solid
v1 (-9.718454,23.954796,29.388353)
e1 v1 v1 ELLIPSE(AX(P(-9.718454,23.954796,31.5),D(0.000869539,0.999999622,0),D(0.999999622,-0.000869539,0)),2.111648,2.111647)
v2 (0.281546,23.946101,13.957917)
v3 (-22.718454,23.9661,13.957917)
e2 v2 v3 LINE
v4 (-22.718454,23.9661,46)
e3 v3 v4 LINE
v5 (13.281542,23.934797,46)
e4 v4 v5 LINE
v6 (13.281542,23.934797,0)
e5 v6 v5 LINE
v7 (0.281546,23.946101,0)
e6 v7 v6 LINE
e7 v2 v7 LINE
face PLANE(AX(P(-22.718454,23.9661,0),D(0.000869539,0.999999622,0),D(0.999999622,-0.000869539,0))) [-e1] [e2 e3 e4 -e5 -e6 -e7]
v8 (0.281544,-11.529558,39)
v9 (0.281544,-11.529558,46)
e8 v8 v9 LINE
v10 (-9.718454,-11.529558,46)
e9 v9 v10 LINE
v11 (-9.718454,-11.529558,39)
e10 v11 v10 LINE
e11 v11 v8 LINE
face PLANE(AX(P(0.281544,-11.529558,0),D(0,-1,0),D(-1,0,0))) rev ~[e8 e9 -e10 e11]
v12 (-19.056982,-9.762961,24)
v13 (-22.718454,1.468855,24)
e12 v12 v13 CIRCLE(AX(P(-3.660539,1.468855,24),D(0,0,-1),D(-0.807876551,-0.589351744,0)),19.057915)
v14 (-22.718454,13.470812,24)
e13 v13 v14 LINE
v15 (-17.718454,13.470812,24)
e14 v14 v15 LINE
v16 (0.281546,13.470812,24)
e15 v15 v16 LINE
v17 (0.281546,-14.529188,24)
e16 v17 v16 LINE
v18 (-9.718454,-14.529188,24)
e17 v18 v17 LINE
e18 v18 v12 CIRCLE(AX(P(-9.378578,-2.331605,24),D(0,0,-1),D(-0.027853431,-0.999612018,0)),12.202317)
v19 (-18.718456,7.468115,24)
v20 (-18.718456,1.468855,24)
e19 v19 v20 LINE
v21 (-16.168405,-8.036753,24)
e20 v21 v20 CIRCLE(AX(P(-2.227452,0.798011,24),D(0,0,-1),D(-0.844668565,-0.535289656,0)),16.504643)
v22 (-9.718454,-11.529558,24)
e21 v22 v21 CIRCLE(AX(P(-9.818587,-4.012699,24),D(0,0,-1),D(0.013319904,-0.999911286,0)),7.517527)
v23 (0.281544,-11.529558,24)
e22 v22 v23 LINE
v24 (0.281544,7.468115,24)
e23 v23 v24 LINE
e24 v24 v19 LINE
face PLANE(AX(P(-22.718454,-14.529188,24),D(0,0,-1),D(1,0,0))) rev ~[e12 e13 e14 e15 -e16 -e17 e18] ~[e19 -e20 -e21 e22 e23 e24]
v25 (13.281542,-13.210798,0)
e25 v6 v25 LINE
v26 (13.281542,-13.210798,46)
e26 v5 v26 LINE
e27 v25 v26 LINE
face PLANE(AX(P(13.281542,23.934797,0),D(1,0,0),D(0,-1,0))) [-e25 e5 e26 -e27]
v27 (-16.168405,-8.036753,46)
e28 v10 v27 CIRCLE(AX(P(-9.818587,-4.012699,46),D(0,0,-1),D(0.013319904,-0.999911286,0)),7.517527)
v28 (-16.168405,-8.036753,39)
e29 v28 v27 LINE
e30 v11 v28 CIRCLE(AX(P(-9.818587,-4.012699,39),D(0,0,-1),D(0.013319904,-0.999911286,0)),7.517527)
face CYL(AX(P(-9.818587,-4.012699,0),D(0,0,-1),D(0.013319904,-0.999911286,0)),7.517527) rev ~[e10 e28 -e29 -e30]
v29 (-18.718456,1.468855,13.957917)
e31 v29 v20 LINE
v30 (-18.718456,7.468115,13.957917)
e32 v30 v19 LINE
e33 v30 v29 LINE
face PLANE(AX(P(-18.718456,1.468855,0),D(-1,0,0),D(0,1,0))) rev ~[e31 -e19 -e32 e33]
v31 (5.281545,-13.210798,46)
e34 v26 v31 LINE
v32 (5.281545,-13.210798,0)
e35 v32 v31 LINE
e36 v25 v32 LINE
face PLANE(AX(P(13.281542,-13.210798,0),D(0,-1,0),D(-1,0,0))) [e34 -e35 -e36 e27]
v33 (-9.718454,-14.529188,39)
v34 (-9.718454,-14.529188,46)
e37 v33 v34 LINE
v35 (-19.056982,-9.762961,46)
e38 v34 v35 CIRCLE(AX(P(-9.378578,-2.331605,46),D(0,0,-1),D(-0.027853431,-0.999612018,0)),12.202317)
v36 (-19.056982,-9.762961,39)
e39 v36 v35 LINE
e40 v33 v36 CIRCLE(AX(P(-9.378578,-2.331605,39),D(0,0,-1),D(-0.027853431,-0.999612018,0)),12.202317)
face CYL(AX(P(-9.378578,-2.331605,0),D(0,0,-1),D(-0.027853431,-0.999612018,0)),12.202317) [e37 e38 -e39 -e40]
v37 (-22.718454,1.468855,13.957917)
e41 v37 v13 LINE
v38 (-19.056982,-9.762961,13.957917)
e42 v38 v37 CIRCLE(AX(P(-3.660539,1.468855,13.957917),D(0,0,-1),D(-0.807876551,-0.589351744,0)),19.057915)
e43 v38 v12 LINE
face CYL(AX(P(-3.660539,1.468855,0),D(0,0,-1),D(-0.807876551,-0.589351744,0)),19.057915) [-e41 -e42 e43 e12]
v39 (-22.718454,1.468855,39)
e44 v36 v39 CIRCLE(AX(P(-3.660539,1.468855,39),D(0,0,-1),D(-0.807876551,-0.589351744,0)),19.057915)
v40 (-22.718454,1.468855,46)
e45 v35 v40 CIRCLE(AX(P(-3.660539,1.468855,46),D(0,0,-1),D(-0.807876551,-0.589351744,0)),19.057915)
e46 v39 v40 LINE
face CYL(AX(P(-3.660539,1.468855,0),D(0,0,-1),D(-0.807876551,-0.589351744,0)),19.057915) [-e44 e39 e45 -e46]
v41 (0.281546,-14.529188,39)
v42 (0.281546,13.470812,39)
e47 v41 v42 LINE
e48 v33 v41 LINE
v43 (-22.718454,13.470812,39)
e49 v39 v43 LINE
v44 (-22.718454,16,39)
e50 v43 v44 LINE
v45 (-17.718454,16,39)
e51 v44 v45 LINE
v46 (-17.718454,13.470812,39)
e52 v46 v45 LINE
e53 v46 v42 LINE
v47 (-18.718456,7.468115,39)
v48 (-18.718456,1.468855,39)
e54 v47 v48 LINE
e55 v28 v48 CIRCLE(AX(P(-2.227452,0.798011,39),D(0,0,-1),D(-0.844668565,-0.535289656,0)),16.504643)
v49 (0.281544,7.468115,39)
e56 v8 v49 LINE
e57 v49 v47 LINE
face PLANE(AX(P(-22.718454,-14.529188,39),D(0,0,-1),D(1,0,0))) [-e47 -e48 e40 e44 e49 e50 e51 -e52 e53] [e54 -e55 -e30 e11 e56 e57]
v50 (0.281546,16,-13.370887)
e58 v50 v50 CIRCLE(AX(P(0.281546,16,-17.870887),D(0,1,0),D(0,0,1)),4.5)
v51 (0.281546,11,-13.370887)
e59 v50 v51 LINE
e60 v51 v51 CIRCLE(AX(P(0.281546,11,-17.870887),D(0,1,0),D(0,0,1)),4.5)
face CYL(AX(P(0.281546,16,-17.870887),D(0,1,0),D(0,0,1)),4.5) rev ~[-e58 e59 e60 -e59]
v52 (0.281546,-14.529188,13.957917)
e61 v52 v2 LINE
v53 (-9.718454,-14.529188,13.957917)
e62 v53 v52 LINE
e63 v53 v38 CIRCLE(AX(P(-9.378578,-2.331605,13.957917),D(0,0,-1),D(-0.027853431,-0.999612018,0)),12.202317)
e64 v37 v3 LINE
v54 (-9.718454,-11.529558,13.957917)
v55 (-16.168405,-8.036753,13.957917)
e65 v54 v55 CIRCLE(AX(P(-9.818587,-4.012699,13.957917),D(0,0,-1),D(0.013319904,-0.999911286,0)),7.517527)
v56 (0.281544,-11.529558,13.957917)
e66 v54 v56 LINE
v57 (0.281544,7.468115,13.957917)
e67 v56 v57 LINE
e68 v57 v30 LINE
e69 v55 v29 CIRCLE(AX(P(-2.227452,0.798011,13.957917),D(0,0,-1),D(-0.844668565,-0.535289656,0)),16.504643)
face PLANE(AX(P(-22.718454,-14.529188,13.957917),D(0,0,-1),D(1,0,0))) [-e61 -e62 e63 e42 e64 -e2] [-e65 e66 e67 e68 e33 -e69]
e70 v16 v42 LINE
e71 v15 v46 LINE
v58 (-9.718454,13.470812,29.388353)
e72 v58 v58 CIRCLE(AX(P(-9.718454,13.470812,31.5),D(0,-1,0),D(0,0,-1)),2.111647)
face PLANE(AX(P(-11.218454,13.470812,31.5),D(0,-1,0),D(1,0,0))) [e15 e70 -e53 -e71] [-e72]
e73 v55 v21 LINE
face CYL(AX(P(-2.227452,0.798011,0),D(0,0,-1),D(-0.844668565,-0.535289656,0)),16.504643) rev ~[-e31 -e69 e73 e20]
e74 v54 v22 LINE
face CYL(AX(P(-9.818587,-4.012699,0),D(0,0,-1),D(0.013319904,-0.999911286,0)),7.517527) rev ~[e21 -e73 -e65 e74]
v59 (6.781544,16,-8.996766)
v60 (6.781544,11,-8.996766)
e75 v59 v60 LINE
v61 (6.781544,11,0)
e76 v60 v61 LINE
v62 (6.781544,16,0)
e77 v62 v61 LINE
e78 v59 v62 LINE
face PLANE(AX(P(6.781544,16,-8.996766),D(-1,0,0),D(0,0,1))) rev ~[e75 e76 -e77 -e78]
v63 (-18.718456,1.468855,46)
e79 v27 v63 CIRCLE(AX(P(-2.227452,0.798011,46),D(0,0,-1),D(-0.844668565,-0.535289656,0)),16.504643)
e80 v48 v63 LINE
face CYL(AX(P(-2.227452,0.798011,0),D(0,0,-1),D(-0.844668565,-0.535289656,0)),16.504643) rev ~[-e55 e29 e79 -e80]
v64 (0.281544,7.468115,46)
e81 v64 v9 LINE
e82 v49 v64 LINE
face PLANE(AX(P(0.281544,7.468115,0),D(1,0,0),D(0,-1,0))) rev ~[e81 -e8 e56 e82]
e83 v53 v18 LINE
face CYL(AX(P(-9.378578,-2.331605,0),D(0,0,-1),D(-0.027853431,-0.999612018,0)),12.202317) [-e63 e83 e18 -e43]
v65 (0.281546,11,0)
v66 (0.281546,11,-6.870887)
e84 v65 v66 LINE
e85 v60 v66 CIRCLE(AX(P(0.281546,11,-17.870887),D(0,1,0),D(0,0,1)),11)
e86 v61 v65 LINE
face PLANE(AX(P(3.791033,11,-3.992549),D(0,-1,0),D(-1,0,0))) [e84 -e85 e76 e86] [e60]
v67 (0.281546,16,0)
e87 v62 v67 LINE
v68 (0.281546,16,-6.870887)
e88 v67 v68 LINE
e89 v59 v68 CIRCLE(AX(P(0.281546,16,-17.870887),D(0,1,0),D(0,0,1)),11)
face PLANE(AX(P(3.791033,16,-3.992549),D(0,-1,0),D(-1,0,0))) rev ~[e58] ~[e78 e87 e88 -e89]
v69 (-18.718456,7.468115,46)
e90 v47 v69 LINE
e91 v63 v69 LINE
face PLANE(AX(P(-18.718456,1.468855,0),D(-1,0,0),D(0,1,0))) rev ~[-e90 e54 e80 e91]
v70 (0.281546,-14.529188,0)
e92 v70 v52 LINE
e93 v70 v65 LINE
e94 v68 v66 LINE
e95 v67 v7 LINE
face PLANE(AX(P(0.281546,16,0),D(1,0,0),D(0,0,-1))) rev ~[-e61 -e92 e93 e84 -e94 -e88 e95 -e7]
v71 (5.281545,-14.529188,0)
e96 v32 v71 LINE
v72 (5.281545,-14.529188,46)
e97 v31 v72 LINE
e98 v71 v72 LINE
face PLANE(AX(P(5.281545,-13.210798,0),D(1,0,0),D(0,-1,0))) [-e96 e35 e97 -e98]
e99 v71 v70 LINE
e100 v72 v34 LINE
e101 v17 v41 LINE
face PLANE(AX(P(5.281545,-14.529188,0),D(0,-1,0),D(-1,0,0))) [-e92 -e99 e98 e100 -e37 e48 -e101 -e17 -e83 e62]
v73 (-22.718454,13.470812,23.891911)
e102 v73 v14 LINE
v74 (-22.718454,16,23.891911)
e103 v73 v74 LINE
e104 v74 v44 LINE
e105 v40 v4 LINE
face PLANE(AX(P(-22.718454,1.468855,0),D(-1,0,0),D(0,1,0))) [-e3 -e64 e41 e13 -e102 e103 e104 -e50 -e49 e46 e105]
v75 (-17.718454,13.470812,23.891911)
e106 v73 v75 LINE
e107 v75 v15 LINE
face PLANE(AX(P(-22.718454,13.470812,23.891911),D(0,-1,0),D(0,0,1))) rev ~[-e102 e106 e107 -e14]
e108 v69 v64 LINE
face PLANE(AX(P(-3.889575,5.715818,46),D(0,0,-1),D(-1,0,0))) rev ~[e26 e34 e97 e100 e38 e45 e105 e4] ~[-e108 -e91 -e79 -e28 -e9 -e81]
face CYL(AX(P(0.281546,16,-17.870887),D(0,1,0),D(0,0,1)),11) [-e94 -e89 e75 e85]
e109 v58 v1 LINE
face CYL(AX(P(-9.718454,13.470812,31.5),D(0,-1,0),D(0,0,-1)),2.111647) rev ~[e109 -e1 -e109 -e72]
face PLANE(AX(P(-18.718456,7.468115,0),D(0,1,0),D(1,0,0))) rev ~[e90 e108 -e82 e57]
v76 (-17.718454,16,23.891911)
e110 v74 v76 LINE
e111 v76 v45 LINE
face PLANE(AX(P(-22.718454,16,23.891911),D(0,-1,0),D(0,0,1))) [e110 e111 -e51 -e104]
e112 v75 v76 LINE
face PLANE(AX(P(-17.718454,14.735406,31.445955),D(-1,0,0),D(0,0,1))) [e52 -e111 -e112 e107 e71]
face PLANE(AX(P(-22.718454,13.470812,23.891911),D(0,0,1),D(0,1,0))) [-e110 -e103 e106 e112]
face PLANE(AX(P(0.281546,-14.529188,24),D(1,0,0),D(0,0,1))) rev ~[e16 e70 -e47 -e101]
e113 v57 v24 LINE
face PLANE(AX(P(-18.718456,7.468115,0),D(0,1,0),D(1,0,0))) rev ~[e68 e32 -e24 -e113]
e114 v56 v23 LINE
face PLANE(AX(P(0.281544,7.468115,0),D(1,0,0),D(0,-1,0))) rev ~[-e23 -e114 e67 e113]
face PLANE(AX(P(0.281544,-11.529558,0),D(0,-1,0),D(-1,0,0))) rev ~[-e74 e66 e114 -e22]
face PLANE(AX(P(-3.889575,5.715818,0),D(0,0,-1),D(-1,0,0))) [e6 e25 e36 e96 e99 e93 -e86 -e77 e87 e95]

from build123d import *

# Parameters (mm, degrees)
BOSS_EXTRUDE1_DEPTH = 46
SKETCH3_W           = 23
SKETCH3_H           = 15
CUT_EXTRUDE2_DEPTH  = 28
SKETCH4_W           = 23
SKETCH4_H           = 13.957917361
CUT_EXTRUDE3_DEPTH  = 69
SKETCH8_W           = 15.108089283
SKETCH8_H           = 2.529188453
CUT_EXTRUDE4_DEPTH  = 5
SKETCH9_R           = 2.111646756
CUT_EXTRUDE5_DEPTH  = 22
SKETCH7_R           = 11
SKETCH7_R_2         = 4.5
BOSS_EXTRUDE2_DEPTH = 5
BOSS_EXTRUDE3_DEPTH = 5


with BuildPart() as part:
    # Sketch1 → Boss-Extrude1 (new body)
    with BuildSketch(Plane.XY):
        with BuildLine():
            Line((-22.718454064, 23.966100395), (13.281542119, 23.93479699))
            Line((13.281542119, 23.93479699), (13.281542119, -13.210798183))
            Line((13.281542119, -13.210798183), (5.281545459, -13.210798183))
            Line((5.281545459, -13.210798183), (5.281545459, -14.529188453))
            Line((5.281545459, -14.529188453), (-9.718454064, -14.529188453))
            ThreePointArc((-9.718454064, -14.529188453), (-14.925713646, -13.200176165), (-19.056981743, -9.762960731))
            ThreePointArc((-19.056981743, -9.762960731), (-21.779979177, -4.437922335), (-22.718454064, 1.468854607))
            Line((-22.718454064, 1.468854607), (-22.718454064, 23.966100395))
        make_face()
        with BuildLine():
            Line((-18.718455971, 7.468114556), (0.281544029, 7.468114556))
            Line((0.281544029, 7.468114556), (0.281544029, -11.529558479))
            Line((0.281544029, -11.529558479), (-9.718454064, -11.529558479))
            ThreePointArc((-9.718454064, -11.529558479), (-13.398330557, -10.623193541), (-16.168405236, -8.036752998))
            ThreePointArc((-16.168405236, -8.036752998), (-18.168441603, -3.478446477), (-18.718455971, 1.468854607))
            Line((-18.718455971, 1.468854607), (-18.718455971, 7.468114556))
        make_face(mode=Mode.SUBTRACT)
    extrude(amount=BOSS_EXTRUDE1_DEPTH)

    # Sketch3 → Cut-Extrude2 (cut)
    with BuildSketch(Plane.XZ.offset(14.529188453)):
        with Locations((-11.218454064, 31.5)):
            Rectangle(SKETCH3_W, SKETCH3_H)
    extrude(amount=-CUT_EXTRUDE2_DEPTH, mode=Mode.SUBTRACT)

    # Sketch4 → Cut-Extrude3 (cut)
    with BuildSketch(Plane.XZ.offset(14.529188453)):
        with Locations((-11.218454064, 6.978958681)):
            Rectangle(SKETCH4_W, SKETCH4_H)
    extrude(amount=-CUT_EXTRUDE3_DEPTH, mode=Mode.SUBTRACT)

    # Sketch8 → Cut-Extrude4 (cut)
    with BuildSketch(Plane.ZY.offset(22.718454064)):
        with Locations((31.445955359, 14.735405774)):
            Rectangle(SKETCH8_W, SKETCH8_H)
    extrude(amount=-CUT_EXTRUDE4_DEPTH, mode=Mode.SUBTRACT)

    # Sketch9 → Cut-Extrude5 (cut)
    with BuildSketch(Plane.XZ.offset(-13.470811547)):
        with Locations(Location((-9.718454064, 31.5, 0), (0, 0, 270))):
            Circle(SKETCH9_R)
    extrude(amount=-CUT_EXTRUDE5_DEPTH, mode=Mode.SUBTRACT)



with BuildPart() as body_2:
    # Sketch7 → Boss-Extrude2 (new body)
    with BuildSketch(Plane(origin=(0, 16, 0), x_dir=(1, 0, 0), z_dir=(0, 1, 0))):
        with Locations(Location((0.281545936, 17.870886738, 0), (0, 0, 270))):
            Circle(SKETCH7_R)
        with Locations(Location((0.281545936, 17.870886738, 0), (0, 0, 270))):
            Circle(SKETCH7_R_2, mode=Mode.SUBTRACT)
    extrude(amount=-BOSS_EXTRUDE2_DEPTH)


with BuildPart() as part_1:
    add(part.part)

    add(body_2.part)  # Boss-Extrude3 merges body 2
    # Sketch10 → Boss-Extrude3 (add)
    with BuildSketch(Plane(origin=(0, 16, 0), x_dir=(1, 0, 0), z_dir=(0, 1, 0))):
        with BuildLine():
            Line((0.281545936, 0), (0.281545936, 6.870886738))
            ThreePointArc((0.281545936, 6.870886738), (3.700951455, 7.415856087), (6.781544028, 8.996765665))
            Line((6.781544028, 8.996765665), (6.781544028, 0))
            Line((6.781544028, 0), (0.281545936, 0))
        make_face()
    extrude(amount=-BOSS_EXTRUDE3_DEPTH)


solid = part_1.part
